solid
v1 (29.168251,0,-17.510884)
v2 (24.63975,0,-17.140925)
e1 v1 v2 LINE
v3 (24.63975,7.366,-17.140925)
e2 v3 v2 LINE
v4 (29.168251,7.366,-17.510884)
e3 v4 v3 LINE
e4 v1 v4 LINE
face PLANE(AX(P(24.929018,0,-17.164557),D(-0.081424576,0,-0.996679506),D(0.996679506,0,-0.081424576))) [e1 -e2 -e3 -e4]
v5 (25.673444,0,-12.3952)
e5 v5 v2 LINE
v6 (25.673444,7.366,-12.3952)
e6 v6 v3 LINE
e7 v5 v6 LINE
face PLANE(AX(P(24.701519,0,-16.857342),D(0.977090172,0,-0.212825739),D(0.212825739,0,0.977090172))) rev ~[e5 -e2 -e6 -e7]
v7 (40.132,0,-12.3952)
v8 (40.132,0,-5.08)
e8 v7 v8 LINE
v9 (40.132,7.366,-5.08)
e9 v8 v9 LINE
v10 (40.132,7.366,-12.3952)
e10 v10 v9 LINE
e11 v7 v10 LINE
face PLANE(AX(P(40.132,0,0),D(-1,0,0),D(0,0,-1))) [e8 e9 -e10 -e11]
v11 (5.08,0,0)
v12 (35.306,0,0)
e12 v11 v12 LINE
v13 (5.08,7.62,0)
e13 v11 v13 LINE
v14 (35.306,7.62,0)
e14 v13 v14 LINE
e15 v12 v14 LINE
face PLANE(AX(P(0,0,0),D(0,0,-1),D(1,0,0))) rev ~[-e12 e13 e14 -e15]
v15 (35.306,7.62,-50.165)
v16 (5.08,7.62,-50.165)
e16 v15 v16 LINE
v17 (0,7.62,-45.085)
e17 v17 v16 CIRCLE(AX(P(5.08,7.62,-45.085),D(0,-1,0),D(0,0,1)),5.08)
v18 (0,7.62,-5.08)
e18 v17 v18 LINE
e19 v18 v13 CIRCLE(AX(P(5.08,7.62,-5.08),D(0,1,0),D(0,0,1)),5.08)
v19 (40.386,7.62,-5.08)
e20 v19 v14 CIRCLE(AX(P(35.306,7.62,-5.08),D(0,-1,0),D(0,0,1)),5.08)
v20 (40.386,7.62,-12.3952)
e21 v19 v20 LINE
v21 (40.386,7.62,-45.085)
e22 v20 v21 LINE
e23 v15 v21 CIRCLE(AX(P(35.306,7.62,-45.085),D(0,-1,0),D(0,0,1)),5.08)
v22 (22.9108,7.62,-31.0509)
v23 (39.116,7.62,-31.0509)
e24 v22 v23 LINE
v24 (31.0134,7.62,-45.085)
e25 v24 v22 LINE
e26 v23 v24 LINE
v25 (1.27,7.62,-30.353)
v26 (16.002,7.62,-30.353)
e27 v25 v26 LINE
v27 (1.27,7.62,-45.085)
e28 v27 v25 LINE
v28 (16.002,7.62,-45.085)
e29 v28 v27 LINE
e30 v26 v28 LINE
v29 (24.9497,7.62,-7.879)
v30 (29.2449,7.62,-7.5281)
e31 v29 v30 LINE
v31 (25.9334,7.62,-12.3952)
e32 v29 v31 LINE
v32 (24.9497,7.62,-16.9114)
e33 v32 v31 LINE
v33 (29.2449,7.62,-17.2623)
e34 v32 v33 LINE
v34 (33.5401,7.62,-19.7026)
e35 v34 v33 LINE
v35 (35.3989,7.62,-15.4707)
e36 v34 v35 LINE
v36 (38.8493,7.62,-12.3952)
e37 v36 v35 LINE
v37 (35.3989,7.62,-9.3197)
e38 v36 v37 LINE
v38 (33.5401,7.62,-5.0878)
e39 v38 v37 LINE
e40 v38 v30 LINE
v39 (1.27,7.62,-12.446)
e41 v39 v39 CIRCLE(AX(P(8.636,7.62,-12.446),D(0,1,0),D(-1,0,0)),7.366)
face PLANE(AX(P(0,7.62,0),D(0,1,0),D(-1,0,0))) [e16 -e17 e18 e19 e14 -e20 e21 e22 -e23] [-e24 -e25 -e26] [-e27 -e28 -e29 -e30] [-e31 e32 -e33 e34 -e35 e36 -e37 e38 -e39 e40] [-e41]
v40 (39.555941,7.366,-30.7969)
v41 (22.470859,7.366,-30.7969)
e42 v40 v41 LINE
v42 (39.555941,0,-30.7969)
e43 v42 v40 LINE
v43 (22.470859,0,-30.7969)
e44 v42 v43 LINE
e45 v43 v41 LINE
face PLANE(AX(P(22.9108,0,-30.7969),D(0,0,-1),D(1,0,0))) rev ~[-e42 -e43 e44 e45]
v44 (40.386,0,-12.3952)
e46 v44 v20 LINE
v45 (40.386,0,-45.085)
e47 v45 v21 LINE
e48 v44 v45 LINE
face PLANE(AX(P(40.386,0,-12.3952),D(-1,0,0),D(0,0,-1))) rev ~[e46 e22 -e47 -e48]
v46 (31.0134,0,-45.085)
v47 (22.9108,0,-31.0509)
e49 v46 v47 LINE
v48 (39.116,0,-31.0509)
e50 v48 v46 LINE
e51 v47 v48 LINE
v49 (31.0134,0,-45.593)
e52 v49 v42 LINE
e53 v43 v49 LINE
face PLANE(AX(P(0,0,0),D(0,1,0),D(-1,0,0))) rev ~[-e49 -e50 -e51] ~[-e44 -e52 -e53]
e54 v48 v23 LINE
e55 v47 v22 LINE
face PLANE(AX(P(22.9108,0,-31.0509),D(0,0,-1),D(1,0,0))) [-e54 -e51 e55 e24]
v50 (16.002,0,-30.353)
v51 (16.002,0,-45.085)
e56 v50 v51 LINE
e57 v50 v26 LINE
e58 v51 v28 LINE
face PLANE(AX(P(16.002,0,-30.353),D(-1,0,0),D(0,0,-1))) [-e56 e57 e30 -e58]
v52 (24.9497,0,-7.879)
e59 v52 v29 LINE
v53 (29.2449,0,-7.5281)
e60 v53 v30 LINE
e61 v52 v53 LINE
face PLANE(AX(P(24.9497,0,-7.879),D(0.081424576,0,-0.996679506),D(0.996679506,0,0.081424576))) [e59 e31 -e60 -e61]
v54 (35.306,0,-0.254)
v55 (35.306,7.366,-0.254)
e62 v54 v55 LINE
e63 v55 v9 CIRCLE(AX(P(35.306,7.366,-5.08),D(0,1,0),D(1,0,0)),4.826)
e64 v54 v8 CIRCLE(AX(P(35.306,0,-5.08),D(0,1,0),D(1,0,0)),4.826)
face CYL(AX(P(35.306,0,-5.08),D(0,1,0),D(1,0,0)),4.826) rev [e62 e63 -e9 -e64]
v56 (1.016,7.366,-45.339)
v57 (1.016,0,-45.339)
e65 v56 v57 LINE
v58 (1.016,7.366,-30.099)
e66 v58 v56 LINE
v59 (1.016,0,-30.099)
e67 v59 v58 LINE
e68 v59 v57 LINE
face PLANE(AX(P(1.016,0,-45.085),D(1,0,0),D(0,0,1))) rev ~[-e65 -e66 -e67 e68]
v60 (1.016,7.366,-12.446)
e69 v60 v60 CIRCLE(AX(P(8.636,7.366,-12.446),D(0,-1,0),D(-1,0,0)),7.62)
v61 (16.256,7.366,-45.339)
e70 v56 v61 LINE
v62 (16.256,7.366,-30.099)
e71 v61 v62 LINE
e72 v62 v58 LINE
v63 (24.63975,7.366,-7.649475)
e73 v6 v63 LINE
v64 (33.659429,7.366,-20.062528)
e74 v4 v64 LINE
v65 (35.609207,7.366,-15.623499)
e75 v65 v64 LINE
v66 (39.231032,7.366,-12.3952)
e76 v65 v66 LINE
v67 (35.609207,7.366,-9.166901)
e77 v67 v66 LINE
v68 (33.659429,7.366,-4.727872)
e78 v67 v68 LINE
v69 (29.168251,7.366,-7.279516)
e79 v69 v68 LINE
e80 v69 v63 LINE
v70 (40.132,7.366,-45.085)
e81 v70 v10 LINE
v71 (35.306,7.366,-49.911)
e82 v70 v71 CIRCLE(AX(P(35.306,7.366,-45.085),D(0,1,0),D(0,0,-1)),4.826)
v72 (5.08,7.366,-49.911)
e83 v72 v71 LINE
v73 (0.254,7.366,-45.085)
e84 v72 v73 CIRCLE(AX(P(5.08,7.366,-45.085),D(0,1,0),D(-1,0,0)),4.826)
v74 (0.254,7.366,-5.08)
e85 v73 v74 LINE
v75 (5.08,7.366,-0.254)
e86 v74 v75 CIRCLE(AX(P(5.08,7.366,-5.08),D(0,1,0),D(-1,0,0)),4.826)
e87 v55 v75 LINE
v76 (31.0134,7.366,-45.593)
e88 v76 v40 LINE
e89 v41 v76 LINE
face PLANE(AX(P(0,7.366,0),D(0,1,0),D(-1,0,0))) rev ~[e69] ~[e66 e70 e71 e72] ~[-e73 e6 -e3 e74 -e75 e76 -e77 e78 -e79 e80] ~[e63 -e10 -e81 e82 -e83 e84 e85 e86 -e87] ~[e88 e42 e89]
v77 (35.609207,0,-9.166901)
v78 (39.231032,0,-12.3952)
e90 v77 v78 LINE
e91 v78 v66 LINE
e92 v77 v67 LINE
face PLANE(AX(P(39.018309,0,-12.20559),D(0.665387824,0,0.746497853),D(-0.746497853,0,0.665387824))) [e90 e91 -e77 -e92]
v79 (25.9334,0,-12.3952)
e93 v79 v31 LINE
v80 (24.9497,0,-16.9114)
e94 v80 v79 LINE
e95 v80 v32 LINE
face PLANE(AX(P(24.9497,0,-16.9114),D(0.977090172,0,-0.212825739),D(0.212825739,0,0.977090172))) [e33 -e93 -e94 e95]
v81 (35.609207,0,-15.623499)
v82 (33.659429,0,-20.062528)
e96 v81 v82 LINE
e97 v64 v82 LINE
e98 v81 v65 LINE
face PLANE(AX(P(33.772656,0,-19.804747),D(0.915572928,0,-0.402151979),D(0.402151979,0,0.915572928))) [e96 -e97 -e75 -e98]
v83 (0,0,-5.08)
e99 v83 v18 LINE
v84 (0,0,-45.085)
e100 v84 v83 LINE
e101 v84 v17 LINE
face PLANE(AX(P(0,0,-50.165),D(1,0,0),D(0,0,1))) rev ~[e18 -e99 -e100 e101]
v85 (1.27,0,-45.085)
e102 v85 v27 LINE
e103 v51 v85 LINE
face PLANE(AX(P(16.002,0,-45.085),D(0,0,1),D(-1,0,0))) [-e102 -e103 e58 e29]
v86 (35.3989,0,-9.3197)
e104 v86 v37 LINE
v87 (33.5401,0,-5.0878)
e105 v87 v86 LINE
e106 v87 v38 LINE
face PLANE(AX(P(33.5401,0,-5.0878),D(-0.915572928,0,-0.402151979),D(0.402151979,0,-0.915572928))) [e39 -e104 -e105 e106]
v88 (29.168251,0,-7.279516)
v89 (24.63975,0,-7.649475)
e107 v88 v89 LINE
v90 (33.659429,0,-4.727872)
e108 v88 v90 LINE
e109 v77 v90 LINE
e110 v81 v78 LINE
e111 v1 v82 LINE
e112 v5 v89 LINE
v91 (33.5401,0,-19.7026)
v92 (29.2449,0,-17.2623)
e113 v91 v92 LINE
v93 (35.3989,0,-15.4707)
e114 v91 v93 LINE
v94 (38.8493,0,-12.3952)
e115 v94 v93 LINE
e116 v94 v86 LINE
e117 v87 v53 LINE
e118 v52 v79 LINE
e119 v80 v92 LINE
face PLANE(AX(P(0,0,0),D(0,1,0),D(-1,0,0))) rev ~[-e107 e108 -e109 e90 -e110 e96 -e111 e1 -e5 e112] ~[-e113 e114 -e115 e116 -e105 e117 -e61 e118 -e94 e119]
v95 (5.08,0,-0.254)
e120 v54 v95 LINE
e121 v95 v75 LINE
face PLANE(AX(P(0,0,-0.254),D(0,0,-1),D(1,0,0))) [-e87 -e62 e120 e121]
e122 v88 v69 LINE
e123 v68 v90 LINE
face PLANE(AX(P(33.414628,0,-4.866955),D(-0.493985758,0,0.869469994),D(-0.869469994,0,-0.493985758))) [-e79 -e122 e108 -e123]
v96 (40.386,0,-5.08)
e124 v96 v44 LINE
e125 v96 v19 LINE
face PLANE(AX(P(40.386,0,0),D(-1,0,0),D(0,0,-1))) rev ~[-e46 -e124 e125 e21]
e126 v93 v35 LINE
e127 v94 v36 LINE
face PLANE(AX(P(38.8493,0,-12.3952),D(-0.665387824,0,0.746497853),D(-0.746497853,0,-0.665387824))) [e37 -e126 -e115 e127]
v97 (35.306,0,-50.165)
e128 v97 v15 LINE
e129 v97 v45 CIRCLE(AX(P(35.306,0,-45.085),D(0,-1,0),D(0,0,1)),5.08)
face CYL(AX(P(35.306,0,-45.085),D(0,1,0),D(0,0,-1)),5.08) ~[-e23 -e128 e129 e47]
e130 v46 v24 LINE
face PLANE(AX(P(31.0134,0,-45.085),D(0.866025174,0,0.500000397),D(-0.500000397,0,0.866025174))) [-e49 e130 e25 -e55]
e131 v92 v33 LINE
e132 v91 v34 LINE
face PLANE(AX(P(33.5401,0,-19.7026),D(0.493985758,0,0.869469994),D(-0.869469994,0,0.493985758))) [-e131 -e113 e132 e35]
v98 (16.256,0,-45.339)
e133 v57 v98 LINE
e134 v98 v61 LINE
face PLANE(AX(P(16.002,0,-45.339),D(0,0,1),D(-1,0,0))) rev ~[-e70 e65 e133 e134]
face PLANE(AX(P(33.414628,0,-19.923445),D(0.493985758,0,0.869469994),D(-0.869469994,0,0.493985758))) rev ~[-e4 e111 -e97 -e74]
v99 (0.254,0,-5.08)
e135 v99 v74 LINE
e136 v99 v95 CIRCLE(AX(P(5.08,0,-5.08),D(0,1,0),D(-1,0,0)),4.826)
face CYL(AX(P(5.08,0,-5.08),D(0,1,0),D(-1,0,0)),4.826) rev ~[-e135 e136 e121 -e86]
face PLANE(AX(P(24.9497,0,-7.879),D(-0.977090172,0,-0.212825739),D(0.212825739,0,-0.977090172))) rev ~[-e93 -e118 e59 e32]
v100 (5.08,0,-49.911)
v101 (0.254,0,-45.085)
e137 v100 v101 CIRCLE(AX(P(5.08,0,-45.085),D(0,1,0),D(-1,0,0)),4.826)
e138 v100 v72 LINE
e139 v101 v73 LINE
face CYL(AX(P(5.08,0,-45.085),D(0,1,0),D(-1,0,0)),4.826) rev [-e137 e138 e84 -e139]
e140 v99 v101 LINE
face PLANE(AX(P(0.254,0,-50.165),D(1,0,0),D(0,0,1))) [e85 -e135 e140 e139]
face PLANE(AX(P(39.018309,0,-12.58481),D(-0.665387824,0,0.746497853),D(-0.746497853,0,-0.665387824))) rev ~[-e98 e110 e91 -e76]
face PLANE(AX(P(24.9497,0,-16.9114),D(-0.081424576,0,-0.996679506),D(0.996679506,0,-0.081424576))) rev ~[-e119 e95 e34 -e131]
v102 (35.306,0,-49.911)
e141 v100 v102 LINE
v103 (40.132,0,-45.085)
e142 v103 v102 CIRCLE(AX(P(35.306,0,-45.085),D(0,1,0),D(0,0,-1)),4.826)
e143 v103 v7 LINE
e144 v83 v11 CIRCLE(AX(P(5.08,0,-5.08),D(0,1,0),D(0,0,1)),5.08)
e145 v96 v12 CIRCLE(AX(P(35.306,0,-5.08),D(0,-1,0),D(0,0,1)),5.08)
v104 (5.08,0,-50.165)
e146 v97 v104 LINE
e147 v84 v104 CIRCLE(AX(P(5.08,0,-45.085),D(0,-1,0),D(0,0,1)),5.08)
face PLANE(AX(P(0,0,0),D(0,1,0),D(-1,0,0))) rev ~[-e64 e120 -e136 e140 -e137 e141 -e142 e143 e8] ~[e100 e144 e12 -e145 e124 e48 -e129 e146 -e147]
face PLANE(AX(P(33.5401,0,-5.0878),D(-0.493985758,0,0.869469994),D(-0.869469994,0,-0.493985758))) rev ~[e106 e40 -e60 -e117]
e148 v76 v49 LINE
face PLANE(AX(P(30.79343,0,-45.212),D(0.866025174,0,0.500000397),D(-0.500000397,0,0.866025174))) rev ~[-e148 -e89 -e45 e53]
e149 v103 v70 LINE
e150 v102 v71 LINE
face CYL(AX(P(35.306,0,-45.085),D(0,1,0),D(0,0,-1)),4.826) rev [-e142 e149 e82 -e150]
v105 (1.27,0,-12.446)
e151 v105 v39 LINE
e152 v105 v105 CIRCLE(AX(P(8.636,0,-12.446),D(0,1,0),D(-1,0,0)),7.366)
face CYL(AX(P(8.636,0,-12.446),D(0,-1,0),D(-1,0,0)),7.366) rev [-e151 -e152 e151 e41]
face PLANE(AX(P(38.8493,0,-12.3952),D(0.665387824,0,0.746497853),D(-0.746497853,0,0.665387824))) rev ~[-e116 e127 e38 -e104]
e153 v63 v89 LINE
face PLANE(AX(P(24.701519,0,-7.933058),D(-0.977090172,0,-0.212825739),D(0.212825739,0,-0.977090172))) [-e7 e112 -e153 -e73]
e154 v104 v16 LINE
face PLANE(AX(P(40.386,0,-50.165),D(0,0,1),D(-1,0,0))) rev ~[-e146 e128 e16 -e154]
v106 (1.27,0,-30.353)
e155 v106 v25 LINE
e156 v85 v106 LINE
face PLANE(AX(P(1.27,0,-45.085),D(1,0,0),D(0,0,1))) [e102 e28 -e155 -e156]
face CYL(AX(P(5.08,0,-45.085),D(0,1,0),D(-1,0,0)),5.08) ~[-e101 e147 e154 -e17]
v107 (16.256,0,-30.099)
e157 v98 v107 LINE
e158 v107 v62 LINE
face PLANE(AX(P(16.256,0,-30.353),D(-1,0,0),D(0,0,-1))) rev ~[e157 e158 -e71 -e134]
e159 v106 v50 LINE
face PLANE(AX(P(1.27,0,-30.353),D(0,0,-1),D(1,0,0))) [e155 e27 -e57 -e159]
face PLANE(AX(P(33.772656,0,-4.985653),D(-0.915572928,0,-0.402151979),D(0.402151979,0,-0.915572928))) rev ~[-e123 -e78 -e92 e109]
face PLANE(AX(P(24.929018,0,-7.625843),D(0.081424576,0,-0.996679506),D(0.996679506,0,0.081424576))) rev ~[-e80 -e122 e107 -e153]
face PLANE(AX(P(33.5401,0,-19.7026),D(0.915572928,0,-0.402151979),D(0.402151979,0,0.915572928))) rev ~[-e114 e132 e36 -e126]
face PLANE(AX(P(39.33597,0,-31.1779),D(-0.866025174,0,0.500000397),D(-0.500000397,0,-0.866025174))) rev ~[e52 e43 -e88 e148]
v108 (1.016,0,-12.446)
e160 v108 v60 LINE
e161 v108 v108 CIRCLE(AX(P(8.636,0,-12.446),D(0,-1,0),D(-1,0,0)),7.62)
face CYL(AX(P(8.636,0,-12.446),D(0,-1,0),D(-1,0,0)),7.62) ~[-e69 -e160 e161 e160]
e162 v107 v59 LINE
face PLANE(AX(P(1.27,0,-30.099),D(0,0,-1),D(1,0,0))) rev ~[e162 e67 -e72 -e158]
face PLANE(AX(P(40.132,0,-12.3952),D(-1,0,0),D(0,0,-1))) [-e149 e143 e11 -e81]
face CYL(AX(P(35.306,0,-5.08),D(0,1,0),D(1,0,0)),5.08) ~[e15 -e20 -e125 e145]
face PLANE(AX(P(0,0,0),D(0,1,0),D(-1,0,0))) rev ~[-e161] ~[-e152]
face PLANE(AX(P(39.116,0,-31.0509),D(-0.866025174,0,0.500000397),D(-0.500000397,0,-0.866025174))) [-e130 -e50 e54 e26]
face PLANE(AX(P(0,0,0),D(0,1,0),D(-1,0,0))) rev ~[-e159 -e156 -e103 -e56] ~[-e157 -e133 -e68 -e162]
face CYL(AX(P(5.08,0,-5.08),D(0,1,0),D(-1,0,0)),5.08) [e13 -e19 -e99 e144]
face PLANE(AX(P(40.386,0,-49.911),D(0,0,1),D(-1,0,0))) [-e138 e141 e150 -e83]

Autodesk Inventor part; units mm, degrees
ref_plane "YZ Plane" through (0, 0, 0) normal (1, 0, 0) x (0, 1, 0)
ref_plane "XZ Plane" through (0, 0, 0) normal (0, 1, 0) x (-1, 0, 0)
ref_plane "XY Plane" through (0, 0, 0) normal (0, 0, 1) x (1, 0, 0)
sketch "Sketch1" plane through (0, 0, 0) normal (0, 1, 0) x (-1, 0, 0)
  line L0 (0, 0) -> (-40.386, 0)
  line L1 (-40.386, 0) -> (-40.386, -50.165)
  line L2 (-40.386, -50.165) -> (0, -50.165)
  circle A0 centre (-8.636, -12.446) radius 7.366
  line L3 (-1.27, -45.085) -> (-1.27, -30.353)
  line L4 (-1.27, -30.353) -> (-16.002, -30.353)
  line L5 (-16.002, -30.353) -> (-16.002, -45.085)
  line L6 (-16.002, -45.085) -> (-1.27, -45.085)
  line L7 (-31.0134, -45.085) -> (-22.9108, -31.0509)
  line L8 (-22.9108, -31.0509) -> (-39.116, -31.0509)
  line L9 (-39.116, -31.0509) -> (-31.0134, -45.085)
  line L10 (-40.386, 0) -> (-40.386, -12.3952)
  line L11 (-38.8493, -12.3952) -> (-35.3989, -15.4707)
  line L12 (-33.5401, -19.7026) -> (-35.3989, -15.4707)
  line L13 (-24.9497, -7.879) -> (-25.9334, -12.3952)
  line L14 (-24.9497, -16.9114) -> (-25.9334, -12.3952)
  line L15 (-24.9497, -16.9114) -> (-29.2449, -17.2623)
  line L16 (-33.5401, -19.7026) -> (-29.2449, -17.2623)
  line L17 (-33.5401, -5.0878) -> (-29.2449, -7.5281)
  line L18 (-24.9497, -7.879) -> (-29.2449, -7.5281)
  line L19 (-38.8493, -12.3952) -> (-35.3989, -9.3197)
  line L20 (-33.5401, -5.0878) -> (-35.3989, -9.3197)
  line L21 (0, -50.165) -> (0, 0)
  point P0 (-31.1658, -12.3952)
  dimension "d0" = 40.386
  dimension "d1" = 50.165
  dimension "d4" = 14.732
  dimension "d7" = 14.732
  dimension "d8" = 14.732
  dimension "d15" = 12.3952
extrude "Extrusion1" add sketch "Sketch1" along normal blind 7.62
fillet "Fillet1" radius 5.08 4 edges at (40.386, 3.81, 0) (40.386, 3.81, -50.165) (0, 3.81, -50.165) (0, 3.81, 0)
shell "Shell1" thickness 0.254 removed faces 1 at (23.3087, 0, -40.407)
properties part number "PassengerBaseGBR"
